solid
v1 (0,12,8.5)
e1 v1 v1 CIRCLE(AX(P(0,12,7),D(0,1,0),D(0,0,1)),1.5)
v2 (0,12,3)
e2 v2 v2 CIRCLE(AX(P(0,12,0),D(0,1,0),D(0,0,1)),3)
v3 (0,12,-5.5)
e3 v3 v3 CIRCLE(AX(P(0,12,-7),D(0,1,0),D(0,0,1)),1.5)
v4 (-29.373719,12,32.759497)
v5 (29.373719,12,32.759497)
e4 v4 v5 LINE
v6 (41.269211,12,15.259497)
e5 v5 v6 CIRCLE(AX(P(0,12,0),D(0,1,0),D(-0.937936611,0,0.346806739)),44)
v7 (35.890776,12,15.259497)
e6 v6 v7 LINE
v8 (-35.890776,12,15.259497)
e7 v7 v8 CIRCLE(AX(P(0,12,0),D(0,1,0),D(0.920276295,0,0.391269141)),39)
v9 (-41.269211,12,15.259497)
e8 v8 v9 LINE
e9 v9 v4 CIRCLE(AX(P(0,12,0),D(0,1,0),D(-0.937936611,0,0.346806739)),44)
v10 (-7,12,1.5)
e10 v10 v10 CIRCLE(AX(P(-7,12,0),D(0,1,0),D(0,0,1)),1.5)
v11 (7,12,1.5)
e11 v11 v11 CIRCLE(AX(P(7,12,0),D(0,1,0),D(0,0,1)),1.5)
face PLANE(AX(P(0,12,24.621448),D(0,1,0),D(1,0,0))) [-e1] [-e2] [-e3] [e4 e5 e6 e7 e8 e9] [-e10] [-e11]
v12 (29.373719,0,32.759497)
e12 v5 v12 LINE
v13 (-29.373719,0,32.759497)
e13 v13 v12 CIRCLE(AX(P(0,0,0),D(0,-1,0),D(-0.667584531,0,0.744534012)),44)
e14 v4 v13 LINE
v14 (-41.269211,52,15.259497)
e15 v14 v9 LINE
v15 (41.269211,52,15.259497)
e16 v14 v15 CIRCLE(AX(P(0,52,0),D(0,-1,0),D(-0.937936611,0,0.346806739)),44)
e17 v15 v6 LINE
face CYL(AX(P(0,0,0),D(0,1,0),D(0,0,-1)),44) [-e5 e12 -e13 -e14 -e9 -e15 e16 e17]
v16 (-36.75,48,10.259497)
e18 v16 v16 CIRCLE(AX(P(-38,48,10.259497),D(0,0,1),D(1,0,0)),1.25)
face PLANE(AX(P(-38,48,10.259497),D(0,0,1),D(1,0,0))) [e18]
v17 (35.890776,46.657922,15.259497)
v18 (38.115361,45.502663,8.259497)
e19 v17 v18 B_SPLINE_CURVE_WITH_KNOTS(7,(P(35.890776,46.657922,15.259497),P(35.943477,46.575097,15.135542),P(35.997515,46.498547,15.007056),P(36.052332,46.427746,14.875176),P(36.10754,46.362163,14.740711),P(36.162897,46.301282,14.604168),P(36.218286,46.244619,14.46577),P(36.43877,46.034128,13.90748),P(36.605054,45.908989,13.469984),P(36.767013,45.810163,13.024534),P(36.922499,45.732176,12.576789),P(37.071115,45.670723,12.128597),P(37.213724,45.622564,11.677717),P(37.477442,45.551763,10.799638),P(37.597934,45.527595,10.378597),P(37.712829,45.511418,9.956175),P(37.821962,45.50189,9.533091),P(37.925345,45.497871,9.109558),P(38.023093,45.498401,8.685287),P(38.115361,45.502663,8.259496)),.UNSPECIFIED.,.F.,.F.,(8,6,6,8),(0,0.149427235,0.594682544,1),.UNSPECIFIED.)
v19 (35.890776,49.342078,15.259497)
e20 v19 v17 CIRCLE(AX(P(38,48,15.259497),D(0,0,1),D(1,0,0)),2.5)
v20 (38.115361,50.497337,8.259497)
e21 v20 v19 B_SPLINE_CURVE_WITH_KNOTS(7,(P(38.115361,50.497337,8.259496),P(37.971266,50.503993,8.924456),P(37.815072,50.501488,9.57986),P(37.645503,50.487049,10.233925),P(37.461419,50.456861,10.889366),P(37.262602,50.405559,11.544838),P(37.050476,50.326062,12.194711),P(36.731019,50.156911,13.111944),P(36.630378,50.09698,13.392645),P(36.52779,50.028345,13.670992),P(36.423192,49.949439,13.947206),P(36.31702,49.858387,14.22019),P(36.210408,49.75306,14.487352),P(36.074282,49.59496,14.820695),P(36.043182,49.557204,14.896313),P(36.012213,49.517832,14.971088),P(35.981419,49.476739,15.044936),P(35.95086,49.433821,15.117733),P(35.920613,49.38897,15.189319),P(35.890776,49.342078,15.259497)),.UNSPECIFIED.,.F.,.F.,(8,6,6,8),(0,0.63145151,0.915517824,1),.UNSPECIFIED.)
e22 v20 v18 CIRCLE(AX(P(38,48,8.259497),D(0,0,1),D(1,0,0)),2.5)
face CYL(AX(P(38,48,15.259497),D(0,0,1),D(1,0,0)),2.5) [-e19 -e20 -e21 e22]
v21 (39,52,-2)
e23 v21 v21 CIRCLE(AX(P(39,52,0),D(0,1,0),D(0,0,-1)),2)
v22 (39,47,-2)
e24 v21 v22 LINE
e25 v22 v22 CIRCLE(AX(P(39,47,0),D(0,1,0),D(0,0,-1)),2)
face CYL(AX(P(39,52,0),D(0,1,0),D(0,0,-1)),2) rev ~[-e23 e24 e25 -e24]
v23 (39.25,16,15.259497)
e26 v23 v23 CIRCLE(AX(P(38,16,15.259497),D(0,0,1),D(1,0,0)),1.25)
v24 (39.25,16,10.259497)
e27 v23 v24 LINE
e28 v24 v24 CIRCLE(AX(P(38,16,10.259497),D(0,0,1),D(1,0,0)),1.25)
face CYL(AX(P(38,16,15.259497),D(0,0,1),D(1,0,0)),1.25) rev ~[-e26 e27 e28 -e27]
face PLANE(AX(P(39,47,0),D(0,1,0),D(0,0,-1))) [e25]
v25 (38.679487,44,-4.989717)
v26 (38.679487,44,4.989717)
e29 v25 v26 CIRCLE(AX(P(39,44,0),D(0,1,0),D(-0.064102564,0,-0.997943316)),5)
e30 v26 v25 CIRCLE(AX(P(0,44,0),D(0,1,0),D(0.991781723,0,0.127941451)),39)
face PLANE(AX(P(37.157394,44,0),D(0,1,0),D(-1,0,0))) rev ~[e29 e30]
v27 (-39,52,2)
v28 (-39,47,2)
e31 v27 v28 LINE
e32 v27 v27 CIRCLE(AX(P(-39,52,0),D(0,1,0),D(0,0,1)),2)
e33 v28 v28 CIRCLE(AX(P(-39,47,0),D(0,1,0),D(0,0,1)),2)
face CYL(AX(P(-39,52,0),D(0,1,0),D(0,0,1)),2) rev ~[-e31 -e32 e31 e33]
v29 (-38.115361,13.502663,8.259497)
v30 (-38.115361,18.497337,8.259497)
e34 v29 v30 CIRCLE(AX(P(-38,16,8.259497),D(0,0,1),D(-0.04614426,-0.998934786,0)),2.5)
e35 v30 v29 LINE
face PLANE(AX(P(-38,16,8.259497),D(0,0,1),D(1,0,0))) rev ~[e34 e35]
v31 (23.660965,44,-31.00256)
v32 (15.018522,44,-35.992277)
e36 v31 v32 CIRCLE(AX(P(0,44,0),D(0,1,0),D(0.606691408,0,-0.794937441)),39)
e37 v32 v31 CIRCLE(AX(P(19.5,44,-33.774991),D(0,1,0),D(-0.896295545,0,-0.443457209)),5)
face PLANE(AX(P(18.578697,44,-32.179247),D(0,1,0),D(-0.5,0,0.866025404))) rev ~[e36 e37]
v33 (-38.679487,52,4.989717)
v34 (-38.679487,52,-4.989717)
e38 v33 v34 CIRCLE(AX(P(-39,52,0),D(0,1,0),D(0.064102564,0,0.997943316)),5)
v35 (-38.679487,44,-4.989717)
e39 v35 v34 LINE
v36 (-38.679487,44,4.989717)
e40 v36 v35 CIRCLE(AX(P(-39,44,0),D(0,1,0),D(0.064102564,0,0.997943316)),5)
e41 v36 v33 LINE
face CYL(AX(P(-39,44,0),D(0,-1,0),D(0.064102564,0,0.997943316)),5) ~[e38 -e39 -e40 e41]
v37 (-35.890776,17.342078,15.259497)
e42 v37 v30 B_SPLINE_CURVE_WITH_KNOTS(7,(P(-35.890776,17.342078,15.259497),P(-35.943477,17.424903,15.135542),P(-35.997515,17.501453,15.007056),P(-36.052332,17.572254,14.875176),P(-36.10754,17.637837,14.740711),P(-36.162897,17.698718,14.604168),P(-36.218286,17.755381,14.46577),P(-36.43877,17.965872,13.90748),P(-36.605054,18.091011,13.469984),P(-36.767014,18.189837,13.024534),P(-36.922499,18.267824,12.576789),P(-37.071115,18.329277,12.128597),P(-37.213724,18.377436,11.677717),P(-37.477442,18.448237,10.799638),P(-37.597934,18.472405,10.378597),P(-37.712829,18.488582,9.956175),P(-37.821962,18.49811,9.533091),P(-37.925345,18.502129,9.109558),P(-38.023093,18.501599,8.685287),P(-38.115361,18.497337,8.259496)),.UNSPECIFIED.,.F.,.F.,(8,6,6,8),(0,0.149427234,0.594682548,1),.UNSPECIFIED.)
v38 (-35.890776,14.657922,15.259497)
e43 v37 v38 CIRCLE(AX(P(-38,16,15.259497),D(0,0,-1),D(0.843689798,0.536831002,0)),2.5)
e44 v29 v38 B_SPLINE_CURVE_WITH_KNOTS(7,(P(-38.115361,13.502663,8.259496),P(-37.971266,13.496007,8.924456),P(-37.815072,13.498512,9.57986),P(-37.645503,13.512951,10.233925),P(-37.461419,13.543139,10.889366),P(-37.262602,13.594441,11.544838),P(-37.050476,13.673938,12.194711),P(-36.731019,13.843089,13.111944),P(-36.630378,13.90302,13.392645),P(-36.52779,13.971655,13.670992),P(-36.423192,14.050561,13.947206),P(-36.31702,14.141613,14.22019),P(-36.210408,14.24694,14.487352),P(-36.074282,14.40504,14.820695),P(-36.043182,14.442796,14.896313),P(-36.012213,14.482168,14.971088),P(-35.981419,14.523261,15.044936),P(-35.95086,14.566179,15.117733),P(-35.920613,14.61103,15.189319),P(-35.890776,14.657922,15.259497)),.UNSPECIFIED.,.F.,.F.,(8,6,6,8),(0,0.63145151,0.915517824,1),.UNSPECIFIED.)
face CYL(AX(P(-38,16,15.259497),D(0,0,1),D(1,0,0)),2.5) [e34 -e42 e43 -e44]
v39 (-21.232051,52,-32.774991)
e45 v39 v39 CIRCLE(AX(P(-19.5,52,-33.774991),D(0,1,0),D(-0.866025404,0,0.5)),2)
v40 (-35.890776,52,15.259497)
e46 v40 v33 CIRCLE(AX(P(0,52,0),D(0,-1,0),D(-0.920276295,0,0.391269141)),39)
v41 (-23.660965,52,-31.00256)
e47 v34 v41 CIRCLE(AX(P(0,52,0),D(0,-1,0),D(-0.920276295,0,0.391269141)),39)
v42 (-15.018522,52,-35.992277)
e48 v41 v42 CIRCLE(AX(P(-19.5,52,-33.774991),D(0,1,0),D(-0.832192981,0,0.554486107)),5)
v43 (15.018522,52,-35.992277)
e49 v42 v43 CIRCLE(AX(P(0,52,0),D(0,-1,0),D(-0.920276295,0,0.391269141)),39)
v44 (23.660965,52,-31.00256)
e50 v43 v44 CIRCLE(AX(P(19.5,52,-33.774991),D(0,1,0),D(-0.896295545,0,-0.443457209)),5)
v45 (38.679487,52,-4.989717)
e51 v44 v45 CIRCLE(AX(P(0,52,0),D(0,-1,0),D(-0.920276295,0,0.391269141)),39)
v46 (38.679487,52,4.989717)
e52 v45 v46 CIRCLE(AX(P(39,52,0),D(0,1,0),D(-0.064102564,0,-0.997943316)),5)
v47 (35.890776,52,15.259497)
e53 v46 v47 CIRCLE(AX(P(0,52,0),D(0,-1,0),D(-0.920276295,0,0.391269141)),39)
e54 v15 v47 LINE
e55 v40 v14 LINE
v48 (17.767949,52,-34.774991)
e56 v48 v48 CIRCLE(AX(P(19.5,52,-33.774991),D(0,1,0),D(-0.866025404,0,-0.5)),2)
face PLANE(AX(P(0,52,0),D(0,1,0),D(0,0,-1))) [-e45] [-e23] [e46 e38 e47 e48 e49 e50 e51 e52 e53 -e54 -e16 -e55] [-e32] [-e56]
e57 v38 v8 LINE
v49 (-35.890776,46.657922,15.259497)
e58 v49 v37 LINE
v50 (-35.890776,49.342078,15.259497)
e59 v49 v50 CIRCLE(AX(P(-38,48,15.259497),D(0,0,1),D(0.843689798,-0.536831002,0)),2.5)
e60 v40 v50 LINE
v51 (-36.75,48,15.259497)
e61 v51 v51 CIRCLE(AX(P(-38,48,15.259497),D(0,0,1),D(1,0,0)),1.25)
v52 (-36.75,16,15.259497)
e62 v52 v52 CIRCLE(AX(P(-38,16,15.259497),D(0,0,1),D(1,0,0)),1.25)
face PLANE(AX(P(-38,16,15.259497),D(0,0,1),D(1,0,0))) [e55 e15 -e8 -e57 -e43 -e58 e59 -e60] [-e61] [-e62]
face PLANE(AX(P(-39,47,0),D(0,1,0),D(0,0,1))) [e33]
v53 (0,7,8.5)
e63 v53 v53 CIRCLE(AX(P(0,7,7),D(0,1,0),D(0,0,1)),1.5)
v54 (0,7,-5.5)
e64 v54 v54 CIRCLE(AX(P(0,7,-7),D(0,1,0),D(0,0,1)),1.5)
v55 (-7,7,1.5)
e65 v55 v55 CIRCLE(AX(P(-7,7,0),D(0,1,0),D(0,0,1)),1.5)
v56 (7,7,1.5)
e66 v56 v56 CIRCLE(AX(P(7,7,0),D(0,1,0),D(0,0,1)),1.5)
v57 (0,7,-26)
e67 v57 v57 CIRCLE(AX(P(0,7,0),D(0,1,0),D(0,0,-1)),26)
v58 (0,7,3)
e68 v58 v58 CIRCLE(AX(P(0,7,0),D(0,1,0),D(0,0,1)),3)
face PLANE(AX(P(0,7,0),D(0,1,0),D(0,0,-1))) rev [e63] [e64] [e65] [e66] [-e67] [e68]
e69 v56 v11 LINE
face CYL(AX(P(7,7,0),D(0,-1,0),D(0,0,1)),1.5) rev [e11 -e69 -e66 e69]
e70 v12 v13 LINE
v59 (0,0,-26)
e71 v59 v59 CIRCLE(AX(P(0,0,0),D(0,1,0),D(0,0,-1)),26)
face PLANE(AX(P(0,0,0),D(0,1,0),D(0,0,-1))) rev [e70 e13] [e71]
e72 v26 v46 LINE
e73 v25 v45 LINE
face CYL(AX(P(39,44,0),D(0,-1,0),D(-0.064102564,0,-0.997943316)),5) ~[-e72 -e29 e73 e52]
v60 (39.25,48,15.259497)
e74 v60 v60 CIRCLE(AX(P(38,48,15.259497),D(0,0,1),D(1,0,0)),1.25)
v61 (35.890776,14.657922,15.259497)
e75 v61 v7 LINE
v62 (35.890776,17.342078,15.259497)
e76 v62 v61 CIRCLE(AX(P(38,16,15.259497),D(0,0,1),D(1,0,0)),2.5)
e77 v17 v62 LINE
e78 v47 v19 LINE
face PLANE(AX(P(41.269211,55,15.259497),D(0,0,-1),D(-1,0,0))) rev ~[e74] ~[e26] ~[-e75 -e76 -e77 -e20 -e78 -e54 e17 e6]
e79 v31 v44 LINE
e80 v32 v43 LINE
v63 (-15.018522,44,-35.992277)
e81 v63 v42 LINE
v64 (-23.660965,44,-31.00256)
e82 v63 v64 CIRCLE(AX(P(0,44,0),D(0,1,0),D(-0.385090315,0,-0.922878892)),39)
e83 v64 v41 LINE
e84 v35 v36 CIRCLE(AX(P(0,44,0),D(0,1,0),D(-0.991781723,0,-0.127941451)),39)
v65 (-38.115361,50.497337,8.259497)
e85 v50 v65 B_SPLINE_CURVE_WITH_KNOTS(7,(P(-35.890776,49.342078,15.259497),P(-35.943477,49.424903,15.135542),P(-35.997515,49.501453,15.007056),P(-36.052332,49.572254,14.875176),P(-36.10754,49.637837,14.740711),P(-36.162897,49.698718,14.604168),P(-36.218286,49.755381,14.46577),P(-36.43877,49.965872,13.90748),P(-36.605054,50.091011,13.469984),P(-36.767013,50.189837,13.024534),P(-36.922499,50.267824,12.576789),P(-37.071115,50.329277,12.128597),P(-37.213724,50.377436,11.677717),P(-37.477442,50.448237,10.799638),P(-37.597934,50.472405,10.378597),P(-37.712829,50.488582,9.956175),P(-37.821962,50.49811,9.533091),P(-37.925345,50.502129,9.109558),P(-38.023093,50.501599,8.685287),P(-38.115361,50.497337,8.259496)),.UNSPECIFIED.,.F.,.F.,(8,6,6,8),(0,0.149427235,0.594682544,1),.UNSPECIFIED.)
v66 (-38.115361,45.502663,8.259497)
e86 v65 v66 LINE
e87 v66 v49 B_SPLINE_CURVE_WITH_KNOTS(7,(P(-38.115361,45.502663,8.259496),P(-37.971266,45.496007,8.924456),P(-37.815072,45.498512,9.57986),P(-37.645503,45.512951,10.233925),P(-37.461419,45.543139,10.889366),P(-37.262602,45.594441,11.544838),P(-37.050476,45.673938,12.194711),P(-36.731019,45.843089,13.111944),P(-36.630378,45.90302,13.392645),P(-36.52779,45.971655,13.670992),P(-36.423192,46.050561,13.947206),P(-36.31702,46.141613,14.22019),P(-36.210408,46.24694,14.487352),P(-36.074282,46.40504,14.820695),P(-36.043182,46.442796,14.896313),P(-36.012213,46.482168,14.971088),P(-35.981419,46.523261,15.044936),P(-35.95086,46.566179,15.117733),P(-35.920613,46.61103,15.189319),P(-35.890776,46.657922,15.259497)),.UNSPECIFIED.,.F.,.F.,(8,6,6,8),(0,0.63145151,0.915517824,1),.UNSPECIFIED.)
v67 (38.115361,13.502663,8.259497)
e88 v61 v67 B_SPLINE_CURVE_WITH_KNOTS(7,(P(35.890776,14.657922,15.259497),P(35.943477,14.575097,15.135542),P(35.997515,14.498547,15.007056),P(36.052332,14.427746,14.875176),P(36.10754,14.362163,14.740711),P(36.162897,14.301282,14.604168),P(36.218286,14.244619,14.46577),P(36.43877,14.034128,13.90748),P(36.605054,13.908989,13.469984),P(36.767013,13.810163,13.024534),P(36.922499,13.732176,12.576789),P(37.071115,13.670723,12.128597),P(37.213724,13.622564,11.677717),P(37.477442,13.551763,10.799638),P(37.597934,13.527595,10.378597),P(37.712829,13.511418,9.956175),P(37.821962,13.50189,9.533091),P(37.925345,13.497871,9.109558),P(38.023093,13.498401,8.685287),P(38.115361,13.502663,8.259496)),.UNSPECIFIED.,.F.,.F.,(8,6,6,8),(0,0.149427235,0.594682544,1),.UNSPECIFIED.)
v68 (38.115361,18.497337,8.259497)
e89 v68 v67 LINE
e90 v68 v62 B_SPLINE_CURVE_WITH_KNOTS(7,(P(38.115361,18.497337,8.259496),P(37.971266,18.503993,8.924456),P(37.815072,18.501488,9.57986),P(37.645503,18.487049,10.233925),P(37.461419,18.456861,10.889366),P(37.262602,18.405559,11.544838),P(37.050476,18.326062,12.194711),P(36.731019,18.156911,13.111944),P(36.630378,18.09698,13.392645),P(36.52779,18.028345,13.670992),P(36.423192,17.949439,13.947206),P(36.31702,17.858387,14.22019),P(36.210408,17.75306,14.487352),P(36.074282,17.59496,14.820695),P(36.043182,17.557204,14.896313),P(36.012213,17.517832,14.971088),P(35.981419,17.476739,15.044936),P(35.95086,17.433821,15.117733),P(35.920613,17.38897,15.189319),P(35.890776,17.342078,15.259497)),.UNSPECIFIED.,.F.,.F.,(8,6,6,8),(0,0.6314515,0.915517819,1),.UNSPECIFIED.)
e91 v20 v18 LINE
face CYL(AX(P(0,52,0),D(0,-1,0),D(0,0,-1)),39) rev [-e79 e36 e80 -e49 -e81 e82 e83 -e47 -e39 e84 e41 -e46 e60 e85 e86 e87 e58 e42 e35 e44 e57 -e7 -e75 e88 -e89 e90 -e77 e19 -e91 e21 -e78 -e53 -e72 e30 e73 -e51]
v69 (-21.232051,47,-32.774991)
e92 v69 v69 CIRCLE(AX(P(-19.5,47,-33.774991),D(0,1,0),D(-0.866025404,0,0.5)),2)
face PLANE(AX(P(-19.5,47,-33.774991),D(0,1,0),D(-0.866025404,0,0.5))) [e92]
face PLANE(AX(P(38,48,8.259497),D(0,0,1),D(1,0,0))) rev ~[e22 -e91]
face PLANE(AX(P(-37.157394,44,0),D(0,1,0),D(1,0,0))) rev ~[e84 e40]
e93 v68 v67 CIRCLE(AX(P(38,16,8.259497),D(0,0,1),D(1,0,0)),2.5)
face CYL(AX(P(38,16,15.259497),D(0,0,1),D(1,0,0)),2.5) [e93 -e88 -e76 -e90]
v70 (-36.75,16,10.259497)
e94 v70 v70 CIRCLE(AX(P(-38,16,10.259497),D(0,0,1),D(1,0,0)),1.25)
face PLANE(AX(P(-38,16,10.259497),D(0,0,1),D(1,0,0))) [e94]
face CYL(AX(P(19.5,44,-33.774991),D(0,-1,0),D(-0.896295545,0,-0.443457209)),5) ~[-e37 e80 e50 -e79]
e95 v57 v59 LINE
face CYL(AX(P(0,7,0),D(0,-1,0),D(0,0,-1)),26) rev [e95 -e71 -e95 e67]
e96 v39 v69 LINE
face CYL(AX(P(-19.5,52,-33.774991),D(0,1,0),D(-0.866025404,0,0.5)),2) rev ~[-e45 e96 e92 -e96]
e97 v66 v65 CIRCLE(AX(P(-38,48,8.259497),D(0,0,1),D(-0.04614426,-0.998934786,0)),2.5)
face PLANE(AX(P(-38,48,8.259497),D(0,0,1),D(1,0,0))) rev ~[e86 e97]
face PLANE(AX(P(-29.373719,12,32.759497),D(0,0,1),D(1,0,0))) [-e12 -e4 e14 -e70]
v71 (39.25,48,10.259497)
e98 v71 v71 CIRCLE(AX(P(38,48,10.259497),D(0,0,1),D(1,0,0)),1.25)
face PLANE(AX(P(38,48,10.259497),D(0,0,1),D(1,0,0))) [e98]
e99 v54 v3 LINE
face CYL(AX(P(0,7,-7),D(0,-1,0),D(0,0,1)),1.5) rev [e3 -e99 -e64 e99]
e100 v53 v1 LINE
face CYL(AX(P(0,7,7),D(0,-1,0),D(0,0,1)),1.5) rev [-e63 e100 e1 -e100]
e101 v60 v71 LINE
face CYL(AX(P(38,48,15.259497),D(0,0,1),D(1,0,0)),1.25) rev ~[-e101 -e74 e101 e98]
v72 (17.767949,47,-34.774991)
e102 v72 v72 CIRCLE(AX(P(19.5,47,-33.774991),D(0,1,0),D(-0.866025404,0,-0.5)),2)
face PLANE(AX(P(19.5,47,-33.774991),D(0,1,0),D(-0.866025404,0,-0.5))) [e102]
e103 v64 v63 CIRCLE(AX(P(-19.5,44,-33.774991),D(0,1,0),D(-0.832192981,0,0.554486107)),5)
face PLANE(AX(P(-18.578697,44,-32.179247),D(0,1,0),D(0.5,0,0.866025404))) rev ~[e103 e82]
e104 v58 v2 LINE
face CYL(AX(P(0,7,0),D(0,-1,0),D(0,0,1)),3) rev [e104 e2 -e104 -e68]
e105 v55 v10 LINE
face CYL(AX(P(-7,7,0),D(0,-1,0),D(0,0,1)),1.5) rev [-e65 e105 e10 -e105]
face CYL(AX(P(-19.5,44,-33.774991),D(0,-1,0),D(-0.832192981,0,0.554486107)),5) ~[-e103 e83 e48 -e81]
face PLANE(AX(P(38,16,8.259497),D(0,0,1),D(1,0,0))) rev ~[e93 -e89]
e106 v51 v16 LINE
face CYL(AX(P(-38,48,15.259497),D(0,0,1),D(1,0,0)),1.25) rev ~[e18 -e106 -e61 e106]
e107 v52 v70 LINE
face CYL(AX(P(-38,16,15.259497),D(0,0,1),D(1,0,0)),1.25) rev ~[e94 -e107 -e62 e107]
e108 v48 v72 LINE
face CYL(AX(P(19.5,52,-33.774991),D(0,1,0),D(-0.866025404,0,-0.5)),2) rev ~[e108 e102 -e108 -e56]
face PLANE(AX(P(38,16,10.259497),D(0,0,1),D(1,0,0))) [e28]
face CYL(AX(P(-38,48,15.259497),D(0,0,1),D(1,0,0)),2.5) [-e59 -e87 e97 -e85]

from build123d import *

# Parameters (mm, degrees)
CUT_EXTRUDE_START        = 7
SKETCH_9_R               = 3
SKETCH_9_R_2             = 1.5
CUT_EXTRUDE_1_DEPTH      = 5
CUT_EXTRUDE_START_2      = 55
CUT_EXTRUDE_9_DEPTH      = 43
CUT_EXTRUDE_11_DEPTH     = 74.972968036
EXTRUDE_START            = -8
EXTRUDE_17_DEPTH         = 8
SKETCH_26_R              = 2
CUT_EXTRUDE_12_DEPTH     = 5
PATTERN_CIRCULAR_3_COUNT = 4
PATTERN_CIRCULAR_3_ANGLE = 180
SKETCH_22_R              = 2.5
EXTRUDE_19_DEPTH         = 7
SKETCH_28_R              = 1.25
CUT_EXTRUDE_13_DEPTH     = 5


with BuildPart() as part:
    # Эскиз6 → Повернуть1 (revolve)
    with BuildSketch(Plane(origin=(0, 0, 0), x_dir=(0, 0, -1), z_dir=(1, 0, 0))):
        Polygon((26, 0), (44, 0), (44, 52), (39, 52), (39, 12), (0, 12), (0, 7), (26, 7), align=None)
    revolve(axis=Axis((0, 0, 0), (0, 1, 0)))

    # Эскиз9 → Вырез-Вытянуть1 (cut)
    with BuildSketch(Plane(origin=(0, 0, 0), x_dir=(1, 0, 0), z_dir=(0, 1, 0)).offset(CUT_EXTRUDE_START)):
        with Locations(Location((0, 0, 0), (0, 0, 270))):
            Circle(SKETCH_9_R)
        with Locations(Location((0, 7, 0), (0, 0, 270))):
            Circle(SKETCH_9_R_2)
        with Locations(Location((7, 0, 0), (0, 0, 270))):
            Circle(SKETCH_9_R_2)
        with Locations(Location((0, -7, 0), (0, 0, 270))):
            Circle(SKETCH_9_R_2)
        with Locations(Location((-7, 0, 0), (0, 0, 270))):
            Circle(SKETCH_9_R_2)
    extrude(amount=CUT_EXTRUDE_1_DEPTH, mode=Mode.SUBTRACT)

    # Эскиз21 → Вырез-Вытянуть9 (cut)
    with BuildSketch(Plane(origin=(0, 0, 0), x_dir=(1, 0, 0), z_dir=(0, 1, 0)).offset(CUT_EXTRUDE_START_2)):
        with BuildLine():
            Line((41.269210876, -15.259496508), (-41.269210876, -15.259496508))
            ThreePointArc((-41.269210876, -15.259496508), (0, -44), (41.269210876, -15.259496508))
        make_face()
    extrude(amount=-CUT_EXTRUDE_9_DEPTH, mode=Mode.SUBTRACT)

    # Эскиз23 → Вырез-Вытянуть11 (cut, through all)
    with BuildSketch(Plane(origin=(0, 12, 0), x_dir=(1, 0, 0), z_dir=(0, 1, 0))):
        with BuildLine():
            Line((-29.373719352, -32.759496508), (29.373719352, -32.759496508))
            ThreePointArc((29.373719352, -32.759496508), (0, -44), (-29.373719352, -32.759496508))
        make_face()
    extrude(amount=-CUT_EXTRUDE_11_DEPTH, mode=Mode.SUBTRACT)

    # Эскиз25 → Бобышка-Вытянуть17 (add)
    with BuildSketch(Plane(origin=(0, 52, 0), x_dir=(1, 0, 0), z_dir=(0, 1, 0)).offset(EXTRUDE_START)):
        with BuildLine():
            ThreePointArc((-38.679487179, -4.989716578), (-34, 0), (-38.679487179, 4.989716578))
            ThreePointArc((-38.679487179, 4.989716578), (-39, 0), (-38.679487179, -4.989716578))
        make_face()
    extrude_17 = extrude(amount=EXTRUDE_17_DEPTH)

    # Эскиз26 → Вырез-Вытянуть12 (cut)
    with BuildSketch(Plane(origin=(0, 52, 0), x_dir=(1, 0, 0), z_dir=(0, 1, 0))):
        with Locations(Location((-39, 0, 0), (0, 0, 270))):
            Circle(SKETCH_26_R)
    cut_extrude_12 = extrude(amount=-CUT_EXTRUDE_12_DEPTH, mode=Mode.SUBTRACT)

    # Круговой массив3: Бобышка-Вытянуть17, Вырез-Вытянуть12 ×4 about axis
    pattern_circular_3_axis = Axis((0, 0, 0), (0, -1, 0))
    add([extrude_17.rotate(pattern_circular_3_axis, i * PATTERN_CIRCULAR_3_ANGLE / (PATTERN_CIRCULAR_3_COUNT - 1)) for i in range(1, PATTERN_CIRCULAR_3_COUNT)])
    add([cut_extrude_12.rotate(pattern_circular_3_axis, i * PATTERN_CIRCULAR_3_ANGLE / (PATTERN_CIRCULAR_3_COUNT - 1)) for i in range(1, PATTERN_CIRCULAR_3_COUNT)], mode=Mode.SUBTRACT)

    # Эскиз22 → Бобышка-Вытянуть19 (add)
    with BuildSketch(Plane.XY.offset(15.259496508)):
        with Locations((-38, 16)):
            Circle(SKETCH_22_R)
        with Locations((-38, 48)):
            Circle(SKETCH_22_R)
        with Locations((38, 48)):
            Circle(SKETCH_22_R)
        with Locations((38, 16)):
            Circle(SKETCH_22_R)
    extrude(amount=-EXTRUDE_19_DEPTH)

    # Эскиз28 → Вырез-Вытянуть13 (cut)
    with BuildSketch(Plane.XY.offset(15.259496508)):
        with Locations((-38, 16)):
            Circle(SKETCH_28_R)
        with Locations((-38, 48)):
            Circle(SKETCH_28_R)
        with Locations((38, 48)):
            Circle(SKETCH_28_R)
        with Locations((38, 16)):
            Circle(SKETCH_28_R)
    extrude(amount=-CUT_EXTRUDE_13_DEPTH, mode=Mode.SUBTRACT)


solid = part.part
